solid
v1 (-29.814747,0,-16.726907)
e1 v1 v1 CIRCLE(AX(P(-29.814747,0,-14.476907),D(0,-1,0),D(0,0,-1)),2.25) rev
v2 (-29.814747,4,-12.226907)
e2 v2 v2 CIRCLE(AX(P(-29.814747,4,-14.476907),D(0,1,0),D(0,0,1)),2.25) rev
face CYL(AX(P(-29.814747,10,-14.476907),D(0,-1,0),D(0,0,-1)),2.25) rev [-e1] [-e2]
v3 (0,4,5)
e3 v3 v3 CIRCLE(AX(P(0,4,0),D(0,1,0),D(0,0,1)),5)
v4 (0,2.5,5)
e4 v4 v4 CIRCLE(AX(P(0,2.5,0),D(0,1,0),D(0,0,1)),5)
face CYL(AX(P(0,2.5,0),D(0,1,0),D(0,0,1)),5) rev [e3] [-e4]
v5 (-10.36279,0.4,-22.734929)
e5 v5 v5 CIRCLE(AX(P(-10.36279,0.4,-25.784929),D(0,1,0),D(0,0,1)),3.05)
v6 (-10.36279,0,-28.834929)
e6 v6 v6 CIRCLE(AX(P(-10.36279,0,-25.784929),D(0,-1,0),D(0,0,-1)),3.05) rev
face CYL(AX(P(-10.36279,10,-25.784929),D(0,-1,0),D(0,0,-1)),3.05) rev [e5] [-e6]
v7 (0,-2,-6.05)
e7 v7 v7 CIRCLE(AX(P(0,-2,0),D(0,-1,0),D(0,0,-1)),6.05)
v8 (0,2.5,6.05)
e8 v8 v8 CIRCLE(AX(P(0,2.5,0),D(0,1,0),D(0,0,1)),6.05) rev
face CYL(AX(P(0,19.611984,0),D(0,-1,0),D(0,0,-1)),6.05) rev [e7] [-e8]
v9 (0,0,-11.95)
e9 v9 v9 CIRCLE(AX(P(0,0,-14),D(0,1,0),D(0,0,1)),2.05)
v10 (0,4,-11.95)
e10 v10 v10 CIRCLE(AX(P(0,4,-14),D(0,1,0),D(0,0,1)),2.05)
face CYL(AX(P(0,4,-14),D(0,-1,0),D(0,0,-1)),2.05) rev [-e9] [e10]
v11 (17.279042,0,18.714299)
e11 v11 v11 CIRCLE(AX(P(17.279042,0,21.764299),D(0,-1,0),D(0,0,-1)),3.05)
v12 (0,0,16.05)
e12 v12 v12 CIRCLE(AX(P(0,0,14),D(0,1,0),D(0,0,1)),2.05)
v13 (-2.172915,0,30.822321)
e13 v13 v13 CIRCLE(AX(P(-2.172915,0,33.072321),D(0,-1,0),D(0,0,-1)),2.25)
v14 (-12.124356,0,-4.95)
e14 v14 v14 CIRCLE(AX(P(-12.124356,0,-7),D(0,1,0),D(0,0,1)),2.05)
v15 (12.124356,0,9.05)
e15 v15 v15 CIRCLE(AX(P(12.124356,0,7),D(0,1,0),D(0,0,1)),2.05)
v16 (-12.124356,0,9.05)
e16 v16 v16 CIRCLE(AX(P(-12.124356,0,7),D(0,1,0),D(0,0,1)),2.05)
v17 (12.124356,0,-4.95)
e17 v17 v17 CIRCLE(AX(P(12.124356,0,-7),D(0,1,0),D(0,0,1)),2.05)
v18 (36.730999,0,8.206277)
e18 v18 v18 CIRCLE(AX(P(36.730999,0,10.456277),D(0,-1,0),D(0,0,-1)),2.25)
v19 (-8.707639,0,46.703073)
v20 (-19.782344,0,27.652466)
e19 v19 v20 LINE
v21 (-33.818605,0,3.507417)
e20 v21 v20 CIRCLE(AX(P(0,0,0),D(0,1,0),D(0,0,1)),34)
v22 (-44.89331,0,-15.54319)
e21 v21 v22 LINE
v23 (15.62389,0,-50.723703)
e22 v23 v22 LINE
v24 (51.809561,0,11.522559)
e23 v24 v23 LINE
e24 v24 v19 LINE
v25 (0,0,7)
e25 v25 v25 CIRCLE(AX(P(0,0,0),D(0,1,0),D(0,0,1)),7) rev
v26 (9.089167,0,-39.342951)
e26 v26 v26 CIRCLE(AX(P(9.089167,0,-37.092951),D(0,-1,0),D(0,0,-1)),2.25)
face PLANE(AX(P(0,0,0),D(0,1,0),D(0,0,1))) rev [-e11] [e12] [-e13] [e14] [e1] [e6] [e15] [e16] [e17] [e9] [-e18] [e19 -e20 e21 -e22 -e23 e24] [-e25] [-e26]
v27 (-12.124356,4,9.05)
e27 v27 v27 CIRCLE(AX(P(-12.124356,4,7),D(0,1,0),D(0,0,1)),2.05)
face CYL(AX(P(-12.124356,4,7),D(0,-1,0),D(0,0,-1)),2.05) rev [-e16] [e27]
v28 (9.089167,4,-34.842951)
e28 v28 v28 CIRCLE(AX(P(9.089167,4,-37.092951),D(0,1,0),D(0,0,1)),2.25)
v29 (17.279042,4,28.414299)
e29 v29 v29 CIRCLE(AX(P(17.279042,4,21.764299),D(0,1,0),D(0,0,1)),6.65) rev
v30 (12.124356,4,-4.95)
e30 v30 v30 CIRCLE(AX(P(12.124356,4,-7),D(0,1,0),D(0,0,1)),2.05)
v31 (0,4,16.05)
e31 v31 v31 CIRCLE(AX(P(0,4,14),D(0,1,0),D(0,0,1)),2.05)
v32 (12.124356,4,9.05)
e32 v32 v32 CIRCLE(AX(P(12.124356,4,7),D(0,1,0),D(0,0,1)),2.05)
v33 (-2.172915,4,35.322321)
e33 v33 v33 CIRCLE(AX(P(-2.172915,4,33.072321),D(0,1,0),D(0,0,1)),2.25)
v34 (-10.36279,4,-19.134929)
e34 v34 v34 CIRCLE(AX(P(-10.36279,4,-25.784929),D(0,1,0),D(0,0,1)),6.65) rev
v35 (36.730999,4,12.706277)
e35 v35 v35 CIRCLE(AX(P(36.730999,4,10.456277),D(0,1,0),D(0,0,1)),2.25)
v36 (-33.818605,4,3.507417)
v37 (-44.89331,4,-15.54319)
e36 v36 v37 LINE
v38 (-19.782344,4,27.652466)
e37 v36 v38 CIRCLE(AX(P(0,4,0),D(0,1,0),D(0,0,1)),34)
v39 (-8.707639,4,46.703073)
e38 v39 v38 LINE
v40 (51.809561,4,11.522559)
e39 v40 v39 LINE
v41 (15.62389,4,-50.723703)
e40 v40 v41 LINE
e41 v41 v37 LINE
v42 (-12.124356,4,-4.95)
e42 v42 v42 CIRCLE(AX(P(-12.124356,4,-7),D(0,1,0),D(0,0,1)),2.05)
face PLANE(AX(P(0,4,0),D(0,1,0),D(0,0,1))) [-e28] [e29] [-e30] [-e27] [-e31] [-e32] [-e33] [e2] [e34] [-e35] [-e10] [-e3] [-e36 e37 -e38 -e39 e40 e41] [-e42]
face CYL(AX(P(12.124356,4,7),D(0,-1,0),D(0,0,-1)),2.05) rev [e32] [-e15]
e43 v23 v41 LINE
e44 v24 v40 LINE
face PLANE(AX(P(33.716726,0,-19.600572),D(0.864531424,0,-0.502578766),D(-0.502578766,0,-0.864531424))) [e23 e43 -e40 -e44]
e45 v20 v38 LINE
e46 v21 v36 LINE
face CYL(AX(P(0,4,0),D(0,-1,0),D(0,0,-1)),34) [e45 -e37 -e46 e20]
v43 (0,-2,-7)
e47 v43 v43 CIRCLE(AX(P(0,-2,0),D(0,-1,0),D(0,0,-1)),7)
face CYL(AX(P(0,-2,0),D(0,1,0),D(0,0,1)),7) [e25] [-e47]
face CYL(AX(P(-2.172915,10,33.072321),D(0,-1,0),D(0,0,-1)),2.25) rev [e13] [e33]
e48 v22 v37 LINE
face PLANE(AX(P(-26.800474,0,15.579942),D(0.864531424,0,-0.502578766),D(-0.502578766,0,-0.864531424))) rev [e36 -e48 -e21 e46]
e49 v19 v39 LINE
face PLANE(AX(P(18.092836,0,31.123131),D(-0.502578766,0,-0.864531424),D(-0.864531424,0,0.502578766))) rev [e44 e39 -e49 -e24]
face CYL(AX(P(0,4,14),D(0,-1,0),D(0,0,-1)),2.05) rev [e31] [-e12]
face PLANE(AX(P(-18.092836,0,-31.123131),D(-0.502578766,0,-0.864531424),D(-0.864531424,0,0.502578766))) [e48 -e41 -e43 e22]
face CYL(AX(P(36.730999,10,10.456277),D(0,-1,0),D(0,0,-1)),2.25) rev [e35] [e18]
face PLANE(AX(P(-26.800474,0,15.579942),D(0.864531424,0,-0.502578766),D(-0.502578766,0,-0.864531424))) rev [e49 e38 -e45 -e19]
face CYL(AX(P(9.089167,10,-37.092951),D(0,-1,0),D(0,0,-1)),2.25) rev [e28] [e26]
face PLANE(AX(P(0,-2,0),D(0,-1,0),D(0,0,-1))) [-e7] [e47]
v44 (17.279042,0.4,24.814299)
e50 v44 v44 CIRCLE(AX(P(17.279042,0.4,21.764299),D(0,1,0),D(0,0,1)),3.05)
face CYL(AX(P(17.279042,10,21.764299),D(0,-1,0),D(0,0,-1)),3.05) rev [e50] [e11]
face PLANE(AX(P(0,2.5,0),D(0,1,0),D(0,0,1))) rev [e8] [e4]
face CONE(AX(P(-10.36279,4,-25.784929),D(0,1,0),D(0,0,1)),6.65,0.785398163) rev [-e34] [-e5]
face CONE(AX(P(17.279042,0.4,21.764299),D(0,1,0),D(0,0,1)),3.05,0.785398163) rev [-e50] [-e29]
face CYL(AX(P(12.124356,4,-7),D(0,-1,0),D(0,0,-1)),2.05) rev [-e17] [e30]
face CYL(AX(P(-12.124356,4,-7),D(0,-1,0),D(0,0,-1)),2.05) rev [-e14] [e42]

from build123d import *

# Parameters (mm, degrees)
SKETCH_1_R          = 34
SKETCH_1_R_2        = 2.05
SKETCH_1_R_3        = 6
EXTRUDE_1_DEPTH     = 4
SKETCH_5_R          = 6.5
SKETCH_5_R_2        = 5
EXTRUDE_4_DEPTH     = 1.5
EXTRUDE_START       = 2
SKETCH_6_R          = 7
SKETCH_6_R_2        = 6
EXTRUDE_5_DEPTH     = 2
EXTRUDE_START_2     = -4
EXTRUDE_6_DEPTH     = 4
SKETCH_9_R          = 2.25
SKETCH_9_R_2        = 3.05
CUT_EXTRUDE_1_DEPTH = 10
CHAMFER_2_SIZE      = 3.6
SKETCH_10_R         = 6.05
CUT_EXTRUDE_3_DEPTH = 4.5


with BuildPart() as part:
    # 草图1 → 凸台-拉伸1 (new body)
    with BuildSketch(Plane(origin=(0, 0, 0), x_dir=(1, 0, 0), z_dir=(0, 1, 0))):
        with Locations(Location((0, 0, 0), (0, 0, 270))):
            Circle(SKETCH_1_R)
        with Locations(Location((0, 14, 0), (0, 0, 270))):
            Circle(SKETCH_1_R_2, mode=Mode.SUBTRACT)
        with Locations(Location((12.124355653, 7, 0), (0, 0, 270))):
            Circle(SKETCH_1_R_2, mode=Mode.SUBTRACT)
        with Locations(Location((12.124355653, -7, 0), (0, 0, 270))):
            Circle(SKETCH_1_R_2, mode=Mode.SUBTRACT)
        with Locations(Location((0, -14, 0), (0, 0, 270))):
            Circle(SKETCH_1_R_2, mode=Mode.SUBTRACT)
        with Locations(Location((-12.124355653, -7, 0), (0, 0, 270))):
            Circle(SKETCH_1_R_2, mode=Mode.SUBTRACT)
        with Locations(Location((-12.124355653, 7, 0), (0, 0, 270))):
            Circle(SKETCH_1_R_2, mode=Mode.SUBTRACT)
        with Locations(Location((0, 0, 0), (0, 0, 270))):
            Circle(SKETCH_1_R_3, mode=Mode.SUBTRACT)
    extrude(amount=EXTRUDE_1_DEPTH)

    # 草图5 → 凸台-拉伸4 (add)
    with BuildSketch(Plane(origin=(0, 4, 0), x_dir=(1, 0, 0), z_dir=(0, 1, 0))):
        Circle(SKETCH_5_R)
        with Locations(Location((0, 0, 0), (0, 0, 270))):
            Circle(SKETCH_5_R_2, mode=Mode.SUBTRACT)
    extrude(amount=-EXTRUDE_4_DEPTH)

    # 草图6 → 凸台-拉伸5 (add)
    with BuildSketch(Plane(origin=(0, 0, 0), x_dir=(-1, 0, 0), z_dir=(0, -1, 0)).offset(EXTRUDE_START)):
        with Locations(Location((0, 0, 0), (0, 0, 270))):
            Circle(SKETCH_6_R)
        with Locations(Location((0, 0, 0), (0, 0, 90))):
            Circle(SKETCH_6_R_2, mode=Mode.SUBTRACT)
    extrude(amount=-EXTRUDE_5_DEPTH)

    # 草图8 → 凸台-拉伸6 (add)
    with BuildSketch(Plane(origin=(0, 4, 0), x_dir=(1, 0, 0), z_dir=(0, 1, 0)).offset(EXTRUDE_START_2)):
        with BuildLine():
            Line((-8.707638575, -46.70307303), (51.809561134, -11.522559398))
            Line((51.809561134, -11.522559398), (15.62388997, 50.723703159))
            Line((15.62388997, 50.723703159), (-44.893309739, 15.543189527))
            Line((-44.893309739, 15.543189527), (-33.818604688, -3.507417415))
            ThreePointArc((-33.818604688, -3.507417415), (-1.756052475, 33.954620889), (34, 0))
            ThreePointArc((34, 0), (15.546708924, -30.237391449), (-19.782343625, -27.652466087))
            Line((-19.782343625, -27.652466087), (-8.707638575, -46.70307303))
        make_face()
    extrude(amount=EXTRUDE_6_DEPTH)

    # 草图9 → 切除-拉伸1 (cut)
    with BuildSketch(Plane(origin=(0, 0, 0), x_dir=(-1, 0, 0), z_dir=(0, -1, 0))):
        with Locations(Location((-36.730998817, -10.456276868, 0), (0, 0, 90))):
            Circle(SKETCH_9_R)
        with Locations(Location((-9.089166677, 37.092951475, 0), (0, 0, 90))):
            Circle(SKETCH_9_R)
        with Locations(Location((-17.279041767, -21.764299107, 0), (0, 0, 90))):
            Circle(SKETCH_9_R_2)
        with Locations(Location((2.172915282, -33.072321345, 0), (0, 0, 90))):
            Circle(SKETCH_9_R)
        with Locations(Location((29.814747421, 14.476906997, 0), (0, 0, 90))):
            Circle(SKETCH_9_R)
        with Locations(Location((10.362790372, 25.784929236, 0), (0, 0, 90))):
            Circle(SKETCH_9_R_2)
    extrude(amount=-CUT_EXTRUDE_1_DEPTH, mode=Mode.SUBTRACT)

    # 倒角2
    chamfer_2_edges = [part.edges().sort_by_distance(p)[0] for p in [
        (17.279041767, 4, 24.814299107),
        (-10.362790372, 4, -22.734929236),
    ]]
    chamfer(chamfer_2_edges, length=CHAMFER_2_SIZE)

    # 草图10 → 切除-拉伸3 (cut)
    with BuildSketch(Plane(origin=(0, -2, 0), x_dir=(-1, 0, 0), z_dir=(0, -1, 0))):
        with Locations(Location((0, 0, 0), (0, 0, 90))):
            Circle(SKETCH_10_R)
    extrude(amount=-CUT_EXTRUDE_3_DEPTH, mode=Mode.SUBTRACT)


solid = part.part
